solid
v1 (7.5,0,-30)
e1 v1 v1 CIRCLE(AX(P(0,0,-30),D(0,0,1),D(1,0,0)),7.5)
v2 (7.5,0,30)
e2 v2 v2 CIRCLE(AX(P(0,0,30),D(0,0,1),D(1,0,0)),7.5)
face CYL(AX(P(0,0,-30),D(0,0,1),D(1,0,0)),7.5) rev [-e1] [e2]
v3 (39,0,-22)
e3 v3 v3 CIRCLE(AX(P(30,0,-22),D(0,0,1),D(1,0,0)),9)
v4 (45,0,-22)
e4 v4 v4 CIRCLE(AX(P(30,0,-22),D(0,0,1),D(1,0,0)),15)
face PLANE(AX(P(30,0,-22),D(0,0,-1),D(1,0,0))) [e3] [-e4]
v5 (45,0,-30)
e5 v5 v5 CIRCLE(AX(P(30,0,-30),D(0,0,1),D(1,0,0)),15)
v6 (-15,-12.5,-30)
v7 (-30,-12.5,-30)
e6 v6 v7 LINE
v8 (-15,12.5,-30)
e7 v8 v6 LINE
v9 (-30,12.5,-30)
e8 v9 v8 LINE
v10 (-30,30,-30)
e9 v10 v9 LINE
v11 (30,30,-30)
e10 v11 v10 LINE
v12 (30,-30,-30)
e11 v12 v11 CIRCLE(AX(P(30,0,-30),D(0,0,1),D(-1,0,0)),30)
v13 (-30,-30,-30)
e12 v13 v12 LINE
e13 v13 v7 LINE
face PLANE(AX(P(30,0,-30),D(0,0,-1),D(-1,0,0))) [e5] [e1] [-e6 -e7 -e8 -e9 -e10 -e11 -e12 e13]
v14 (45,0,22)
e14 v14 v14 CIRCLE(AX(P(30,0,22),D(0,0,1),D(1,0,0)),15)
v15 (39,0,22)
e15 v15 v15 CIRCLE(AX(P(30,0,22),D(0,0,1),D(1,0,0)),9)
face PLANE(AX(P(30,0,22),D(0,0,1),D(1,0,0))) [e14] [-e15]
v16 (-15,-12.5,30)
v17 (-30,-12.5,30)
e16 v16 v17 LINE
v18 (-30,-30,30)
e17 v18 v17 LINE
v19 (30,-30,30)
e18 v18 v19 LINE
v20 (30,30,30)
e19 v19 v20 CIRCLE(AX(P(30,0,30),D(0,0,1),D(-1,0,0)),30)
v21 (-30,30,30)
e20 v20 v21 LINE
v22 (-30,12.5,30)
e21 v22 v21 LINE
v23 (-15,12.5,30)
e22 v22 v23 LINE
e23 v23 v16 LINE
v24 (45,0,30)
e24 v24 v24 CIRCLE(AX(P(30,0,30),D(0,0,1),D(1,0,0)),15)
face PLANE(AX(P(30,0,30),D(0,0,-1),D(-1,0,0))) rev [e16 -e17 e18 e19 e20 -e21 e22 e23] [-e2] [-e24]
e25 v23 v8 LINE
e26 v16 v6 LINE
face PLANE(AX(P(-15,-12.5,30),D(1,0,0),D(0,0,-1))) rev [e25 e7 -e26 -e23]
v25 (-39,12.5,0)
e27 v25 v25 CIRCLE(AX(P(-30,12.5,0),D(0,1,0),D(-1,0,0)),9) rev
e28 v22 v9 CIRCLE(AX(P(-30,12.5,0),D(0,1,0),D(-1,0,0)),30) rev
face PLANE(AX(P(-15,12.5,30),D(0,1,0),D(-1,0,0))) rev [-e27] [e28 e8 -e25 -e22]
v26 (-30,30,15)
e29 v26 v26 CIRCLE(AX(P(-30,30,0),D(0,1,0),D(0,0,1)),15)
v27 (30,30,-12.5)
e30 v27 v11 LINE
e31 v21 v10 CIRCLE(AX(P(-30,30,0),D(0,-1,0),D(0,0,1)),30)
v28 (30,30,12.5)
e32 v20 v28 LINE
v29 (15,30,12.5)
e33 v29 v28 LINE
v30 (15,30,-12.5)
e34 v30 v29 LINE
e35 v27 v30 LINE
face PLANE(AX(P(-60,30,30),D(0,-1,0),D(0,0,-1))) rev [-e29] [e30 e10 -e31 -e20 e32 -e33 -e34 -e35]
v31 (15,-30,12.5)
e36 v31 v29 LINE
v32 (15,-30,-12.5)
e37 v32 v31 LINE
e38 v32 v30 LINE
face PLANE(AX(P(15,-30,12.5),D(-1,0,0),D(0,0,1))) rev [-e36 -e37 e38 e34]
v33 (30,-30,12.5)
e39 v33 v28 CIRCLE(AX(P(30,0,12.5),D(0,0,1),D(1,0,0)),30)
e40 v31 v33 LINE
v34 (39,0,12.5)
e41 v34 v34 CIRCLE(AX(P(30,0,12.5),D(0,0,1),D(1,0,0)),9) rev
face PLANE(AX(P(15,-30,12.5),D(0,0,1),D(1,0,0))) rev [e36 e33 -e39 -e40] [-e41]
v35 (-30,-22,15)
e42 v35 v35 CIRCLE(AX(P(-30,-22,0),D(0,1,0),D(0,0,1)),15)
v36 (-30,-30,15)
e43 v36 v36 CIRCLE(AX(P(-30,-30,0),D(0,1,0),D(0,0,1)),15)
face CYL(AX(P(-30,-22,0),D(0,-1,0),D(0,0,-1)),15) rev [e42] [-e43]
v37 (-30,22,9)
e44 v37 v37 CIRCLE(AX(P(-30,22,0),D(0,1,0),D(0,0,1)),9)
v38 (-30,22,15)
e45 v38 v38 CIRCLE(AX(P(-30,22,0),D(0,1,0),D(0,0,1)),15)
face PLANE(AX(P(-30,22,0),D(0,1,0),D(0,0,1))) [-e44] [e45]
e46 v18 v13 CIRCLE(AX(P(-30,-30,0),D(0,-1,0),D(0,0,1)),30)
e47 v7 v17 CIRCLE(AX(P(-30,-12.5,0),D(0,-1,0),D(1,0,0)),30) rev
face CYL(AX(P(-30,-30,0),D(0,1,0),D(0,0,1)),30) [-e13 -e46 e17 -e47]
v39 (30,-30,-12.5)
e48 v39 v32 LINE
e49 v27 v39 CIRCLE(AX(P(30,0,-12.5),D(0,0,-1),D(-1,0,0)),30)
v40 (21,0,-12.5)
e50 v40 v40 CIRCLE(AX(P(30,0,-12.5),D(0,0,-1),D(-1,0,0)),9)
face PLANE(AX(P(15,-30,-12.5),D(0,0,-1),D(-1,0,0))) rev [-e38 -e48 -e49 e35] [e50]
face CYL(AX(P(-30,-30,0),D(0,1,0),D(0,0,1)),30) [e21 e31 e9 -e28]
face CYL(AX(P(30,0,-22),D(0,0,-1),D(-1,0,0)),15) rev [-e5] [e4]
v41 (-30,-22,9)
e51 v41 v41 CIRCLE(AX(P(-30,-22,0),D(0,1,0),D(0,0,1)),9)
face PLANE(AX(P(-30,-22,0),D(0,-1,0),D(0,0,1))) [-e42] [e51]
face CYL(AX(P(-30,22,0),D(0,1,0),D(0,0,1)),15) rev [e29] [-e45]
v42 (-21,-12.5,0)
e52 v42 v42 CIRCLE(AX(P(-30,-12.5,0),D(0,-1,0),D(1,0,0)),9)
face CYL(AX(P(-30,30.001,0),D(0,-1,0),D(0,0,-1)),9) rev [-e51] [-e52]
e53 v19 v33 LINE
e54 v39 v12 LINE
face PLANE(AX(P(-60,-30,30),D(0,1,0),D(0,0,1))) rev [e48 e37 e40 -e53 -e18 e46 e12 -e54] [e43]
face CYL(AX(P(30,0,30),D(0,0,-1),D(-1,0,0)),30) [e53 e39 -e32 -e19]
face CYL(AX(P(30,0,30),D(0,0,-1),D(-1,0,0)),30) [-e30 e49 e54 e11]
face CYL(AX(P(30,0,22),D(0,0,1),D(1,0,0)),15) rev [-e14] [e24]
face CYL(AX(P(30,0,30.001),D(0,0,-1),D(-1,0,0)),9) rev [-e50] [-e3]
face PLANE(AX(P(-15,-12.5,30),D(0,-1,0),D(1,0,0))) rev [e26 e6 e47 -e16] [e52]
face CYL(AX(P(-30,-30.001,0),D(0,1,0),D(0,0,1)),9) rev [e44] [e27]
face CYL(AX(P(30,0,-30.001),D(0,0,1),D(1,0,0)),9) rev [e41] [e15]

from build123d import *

# Parameters (mm, degrees)
BOSS_EXTRUDE1_DEPTH     = 30
CUT_EXTRUDE1_DEPTH      = 74.484692283
CUT_EXTRUDE1_DEPTH_BACK = 74.484692283
SKETCH3_R               = 7.5
CUT_EXTRUDE2_DEPTH      = 91
CUT_EXTRUDE2_DEPTH_BACK = 91
SKETCH5_R               = 15
CUT_EXTRUDE3_DEPTH      = 8
CUT_EXTRUDE4_REACH      = 86.876
SKETCH6_R               = 9
CUT_EXTRUDE5_DEPTH      = 74.484692283
CUT_EXTRUDE5_DEPTH_BACK = 74.484692283
SKETCH7_W               = 45
SKETCH7_H               = 25
SKETCH8_R               = 15
CUT_EXTRUDE6_DEPTH      = 8
CUT_EXTRUDE7_REACH      = 86.876
SKETCH9_R               = 9


with BuildPart() as part:
    # Sketch1 → Boss-Extrude1 (new, symmetric)
    with BuildSketch(Plane.XY):
        with BuildLine():
            Line((-60, 12.5), (-60, 30))
            Line((-60, 30), (30, 30))
            ThreePointArc((30, 30), (60, 0), (30, -30))
            Line((30, -30), (-60, -30))
            Line((-60, -30), (-60, -12.5))
            Line((-60, -12.5), (-15, -12.5))
            Line((-15, -12.5), (-15, 12.5))
            Line((-15, 12.5), (-60, 12.5))
        make_face()
    extrude(amount=BOSS_EXTRUDE1_DEPTH, both=True)

    # Sketch3 → Cut-Extrude1 (cut, two sides: drawn at the far end of the back side and taken through both)
    with BuildSketch(Plane.XY.offset(-CUT_EXTRUDE1_DEPTH_BACK)):
        Circle(SKETCH3_R)
    extrude(amount=CUT_EXTRUDE1_DEPTH + CUT_EXTRUDE1_DEPTH_BACK, mode=Mode.SUBTRACT)

    # Sketch4 → Cut-Extrude2 (cut, two sides: drawn at the far end of the back side and taken through both)
    with BuildSketch(Plane(origin=(0, 30, 0), x_dir=(1, 0, 0), z_dir=(0, 1, 0)).offset(-CUT_EXTRUDE2_DEPTH_BACK)):
        with BuildLine():
            Line((-30, 30), (-30, 42.770577687))
            Line((-30, 42.770577687), (-70.432292605, 42.770577687))
            Line((-70.432292605, 42.770577687), (-70.432292605, -35.727348426))
            Line((-70.432292605, -35.727348426), (-30, -35.727348426))
            Line((-30, -35.727348426), (-30, -30))
            ThreePointArc((-30, -30), (-60, 0), (-30, 30))
        make_face()
    extrude(amount=CUT_EXTRUDE2_DEPTH + CUT_EXTRUDE2_DEPTH_BACK, mode=Mode.SUBTRACT)

    # Sketch5 → Cut-Extrude3 (cut)
    with BuildSketch(Plane(origin=(0, 30, 0), x_dir=(1, 0, 0), z_dir=(0, 1, 0))):
        with Locations(Location((-30, 0, 0), (0, 0, 270))):
            Circle(SKETCH5_R)
    cut_extrude3 = extrude(amount=-CUT_EXTRUDE3_DEPTH, mode=Mode.SUBTRACT)

    # Sketch6 → Cut-Extrude4 (cut, up to next)
    with BuildSketch(Plane(origin=(0, 22, 0), x_dir=(1, 0, 0), z_dir=(0, 1, 0)), mode=Mode.PRIVATE) as cut_extrude4_sk1:
        with Locations(Location((-30, 0, 0), (0, 0, 270))):
            Circle(SKETCH6_R)
    cut_extrude4_tool1 = extrude(cut_extrude4_sk1.sketch, amount=-CUT_EXTRUDE4_REACH, mode=Mode.PRIVATE) & part.part
    cut_extrude4 = cut_extrude4_tool1.solids().sort_by_distance((-30, 22, 0))[0]
    add(cut_extrude4, mode=Mode.SUBTRACT)

    # Mirror1: Cut-Extrude3, Cut-Extrude4 across plane
    add(cut_extrude3.mirror(Plane.ZX), mode=Mode.SUBTRACT)
    add(cut_extrude4.mirror(Plane.ZX), mode=Mode.SUBTRACT)

    # Sketch7 → Cut-Extrude5 (cut, two sides: drawn at the far end of the back side and taken through both)
    with BuildSketch(Plane(origin=(0, 0, 0), x_dir=(1, 0, 0), z_dir=(0, 1, 0)).offset(-CUT_EXTRUDE5_DEPTH_BACK)):
        with Locations((37.5, 0)):
            Rectangle(SKETCH7_W, SKETCH7_H)
    extrude(amount=CUT_EXTRUDE5_DEPTH + CUT_EXTRUDE5_DEPTH_BACK, mode=Mode.SUBTRACT)

    # Sketch8 → Cut-Extrude6 (cut)
    with BuildSketch(Plane.XY.offset(30)):
        with Locations((30, 0)):
            Circle(SKETCH8_R)
    cut_extrude6 = extrude(amount=-CUT_EXTRUDE6_DEPTH, mode=Mode.SUBTRACT)

    # Sketch9 → Cut-Extrude7 (cut, up to next)
    with BuildSketch(Plane.XY.offset(22), mode=Mode.PRIVATE) as cut_extrude7_sk1:
        with Locations((30, 0)):
            Circle(SKETCH9_R)
    cut_extrude7_tool1 = extrude(cut_extrude7_sk1.sketch, amount=-CUT_EXTRUDE7_REACH, mode=Mode.PRIVATE) & part.part
    cut_extrude7 = cut_extrude7_tool1.solids().sort_by_distance((30, 0, 22))[0]
    add(cut_extrude7, mode=Mode.SUBTRACT)

    # Mirror2: Cut-Extrude6, Cut-Extrude7 across plane
    add(cut_extrude6.mirror(Plane.XY), mode=Mode.SUBTRACT)
    add(cut_extrude7.mirror(Plane.XY), mode=Mode.SUBTRACT)


solid = part.part
